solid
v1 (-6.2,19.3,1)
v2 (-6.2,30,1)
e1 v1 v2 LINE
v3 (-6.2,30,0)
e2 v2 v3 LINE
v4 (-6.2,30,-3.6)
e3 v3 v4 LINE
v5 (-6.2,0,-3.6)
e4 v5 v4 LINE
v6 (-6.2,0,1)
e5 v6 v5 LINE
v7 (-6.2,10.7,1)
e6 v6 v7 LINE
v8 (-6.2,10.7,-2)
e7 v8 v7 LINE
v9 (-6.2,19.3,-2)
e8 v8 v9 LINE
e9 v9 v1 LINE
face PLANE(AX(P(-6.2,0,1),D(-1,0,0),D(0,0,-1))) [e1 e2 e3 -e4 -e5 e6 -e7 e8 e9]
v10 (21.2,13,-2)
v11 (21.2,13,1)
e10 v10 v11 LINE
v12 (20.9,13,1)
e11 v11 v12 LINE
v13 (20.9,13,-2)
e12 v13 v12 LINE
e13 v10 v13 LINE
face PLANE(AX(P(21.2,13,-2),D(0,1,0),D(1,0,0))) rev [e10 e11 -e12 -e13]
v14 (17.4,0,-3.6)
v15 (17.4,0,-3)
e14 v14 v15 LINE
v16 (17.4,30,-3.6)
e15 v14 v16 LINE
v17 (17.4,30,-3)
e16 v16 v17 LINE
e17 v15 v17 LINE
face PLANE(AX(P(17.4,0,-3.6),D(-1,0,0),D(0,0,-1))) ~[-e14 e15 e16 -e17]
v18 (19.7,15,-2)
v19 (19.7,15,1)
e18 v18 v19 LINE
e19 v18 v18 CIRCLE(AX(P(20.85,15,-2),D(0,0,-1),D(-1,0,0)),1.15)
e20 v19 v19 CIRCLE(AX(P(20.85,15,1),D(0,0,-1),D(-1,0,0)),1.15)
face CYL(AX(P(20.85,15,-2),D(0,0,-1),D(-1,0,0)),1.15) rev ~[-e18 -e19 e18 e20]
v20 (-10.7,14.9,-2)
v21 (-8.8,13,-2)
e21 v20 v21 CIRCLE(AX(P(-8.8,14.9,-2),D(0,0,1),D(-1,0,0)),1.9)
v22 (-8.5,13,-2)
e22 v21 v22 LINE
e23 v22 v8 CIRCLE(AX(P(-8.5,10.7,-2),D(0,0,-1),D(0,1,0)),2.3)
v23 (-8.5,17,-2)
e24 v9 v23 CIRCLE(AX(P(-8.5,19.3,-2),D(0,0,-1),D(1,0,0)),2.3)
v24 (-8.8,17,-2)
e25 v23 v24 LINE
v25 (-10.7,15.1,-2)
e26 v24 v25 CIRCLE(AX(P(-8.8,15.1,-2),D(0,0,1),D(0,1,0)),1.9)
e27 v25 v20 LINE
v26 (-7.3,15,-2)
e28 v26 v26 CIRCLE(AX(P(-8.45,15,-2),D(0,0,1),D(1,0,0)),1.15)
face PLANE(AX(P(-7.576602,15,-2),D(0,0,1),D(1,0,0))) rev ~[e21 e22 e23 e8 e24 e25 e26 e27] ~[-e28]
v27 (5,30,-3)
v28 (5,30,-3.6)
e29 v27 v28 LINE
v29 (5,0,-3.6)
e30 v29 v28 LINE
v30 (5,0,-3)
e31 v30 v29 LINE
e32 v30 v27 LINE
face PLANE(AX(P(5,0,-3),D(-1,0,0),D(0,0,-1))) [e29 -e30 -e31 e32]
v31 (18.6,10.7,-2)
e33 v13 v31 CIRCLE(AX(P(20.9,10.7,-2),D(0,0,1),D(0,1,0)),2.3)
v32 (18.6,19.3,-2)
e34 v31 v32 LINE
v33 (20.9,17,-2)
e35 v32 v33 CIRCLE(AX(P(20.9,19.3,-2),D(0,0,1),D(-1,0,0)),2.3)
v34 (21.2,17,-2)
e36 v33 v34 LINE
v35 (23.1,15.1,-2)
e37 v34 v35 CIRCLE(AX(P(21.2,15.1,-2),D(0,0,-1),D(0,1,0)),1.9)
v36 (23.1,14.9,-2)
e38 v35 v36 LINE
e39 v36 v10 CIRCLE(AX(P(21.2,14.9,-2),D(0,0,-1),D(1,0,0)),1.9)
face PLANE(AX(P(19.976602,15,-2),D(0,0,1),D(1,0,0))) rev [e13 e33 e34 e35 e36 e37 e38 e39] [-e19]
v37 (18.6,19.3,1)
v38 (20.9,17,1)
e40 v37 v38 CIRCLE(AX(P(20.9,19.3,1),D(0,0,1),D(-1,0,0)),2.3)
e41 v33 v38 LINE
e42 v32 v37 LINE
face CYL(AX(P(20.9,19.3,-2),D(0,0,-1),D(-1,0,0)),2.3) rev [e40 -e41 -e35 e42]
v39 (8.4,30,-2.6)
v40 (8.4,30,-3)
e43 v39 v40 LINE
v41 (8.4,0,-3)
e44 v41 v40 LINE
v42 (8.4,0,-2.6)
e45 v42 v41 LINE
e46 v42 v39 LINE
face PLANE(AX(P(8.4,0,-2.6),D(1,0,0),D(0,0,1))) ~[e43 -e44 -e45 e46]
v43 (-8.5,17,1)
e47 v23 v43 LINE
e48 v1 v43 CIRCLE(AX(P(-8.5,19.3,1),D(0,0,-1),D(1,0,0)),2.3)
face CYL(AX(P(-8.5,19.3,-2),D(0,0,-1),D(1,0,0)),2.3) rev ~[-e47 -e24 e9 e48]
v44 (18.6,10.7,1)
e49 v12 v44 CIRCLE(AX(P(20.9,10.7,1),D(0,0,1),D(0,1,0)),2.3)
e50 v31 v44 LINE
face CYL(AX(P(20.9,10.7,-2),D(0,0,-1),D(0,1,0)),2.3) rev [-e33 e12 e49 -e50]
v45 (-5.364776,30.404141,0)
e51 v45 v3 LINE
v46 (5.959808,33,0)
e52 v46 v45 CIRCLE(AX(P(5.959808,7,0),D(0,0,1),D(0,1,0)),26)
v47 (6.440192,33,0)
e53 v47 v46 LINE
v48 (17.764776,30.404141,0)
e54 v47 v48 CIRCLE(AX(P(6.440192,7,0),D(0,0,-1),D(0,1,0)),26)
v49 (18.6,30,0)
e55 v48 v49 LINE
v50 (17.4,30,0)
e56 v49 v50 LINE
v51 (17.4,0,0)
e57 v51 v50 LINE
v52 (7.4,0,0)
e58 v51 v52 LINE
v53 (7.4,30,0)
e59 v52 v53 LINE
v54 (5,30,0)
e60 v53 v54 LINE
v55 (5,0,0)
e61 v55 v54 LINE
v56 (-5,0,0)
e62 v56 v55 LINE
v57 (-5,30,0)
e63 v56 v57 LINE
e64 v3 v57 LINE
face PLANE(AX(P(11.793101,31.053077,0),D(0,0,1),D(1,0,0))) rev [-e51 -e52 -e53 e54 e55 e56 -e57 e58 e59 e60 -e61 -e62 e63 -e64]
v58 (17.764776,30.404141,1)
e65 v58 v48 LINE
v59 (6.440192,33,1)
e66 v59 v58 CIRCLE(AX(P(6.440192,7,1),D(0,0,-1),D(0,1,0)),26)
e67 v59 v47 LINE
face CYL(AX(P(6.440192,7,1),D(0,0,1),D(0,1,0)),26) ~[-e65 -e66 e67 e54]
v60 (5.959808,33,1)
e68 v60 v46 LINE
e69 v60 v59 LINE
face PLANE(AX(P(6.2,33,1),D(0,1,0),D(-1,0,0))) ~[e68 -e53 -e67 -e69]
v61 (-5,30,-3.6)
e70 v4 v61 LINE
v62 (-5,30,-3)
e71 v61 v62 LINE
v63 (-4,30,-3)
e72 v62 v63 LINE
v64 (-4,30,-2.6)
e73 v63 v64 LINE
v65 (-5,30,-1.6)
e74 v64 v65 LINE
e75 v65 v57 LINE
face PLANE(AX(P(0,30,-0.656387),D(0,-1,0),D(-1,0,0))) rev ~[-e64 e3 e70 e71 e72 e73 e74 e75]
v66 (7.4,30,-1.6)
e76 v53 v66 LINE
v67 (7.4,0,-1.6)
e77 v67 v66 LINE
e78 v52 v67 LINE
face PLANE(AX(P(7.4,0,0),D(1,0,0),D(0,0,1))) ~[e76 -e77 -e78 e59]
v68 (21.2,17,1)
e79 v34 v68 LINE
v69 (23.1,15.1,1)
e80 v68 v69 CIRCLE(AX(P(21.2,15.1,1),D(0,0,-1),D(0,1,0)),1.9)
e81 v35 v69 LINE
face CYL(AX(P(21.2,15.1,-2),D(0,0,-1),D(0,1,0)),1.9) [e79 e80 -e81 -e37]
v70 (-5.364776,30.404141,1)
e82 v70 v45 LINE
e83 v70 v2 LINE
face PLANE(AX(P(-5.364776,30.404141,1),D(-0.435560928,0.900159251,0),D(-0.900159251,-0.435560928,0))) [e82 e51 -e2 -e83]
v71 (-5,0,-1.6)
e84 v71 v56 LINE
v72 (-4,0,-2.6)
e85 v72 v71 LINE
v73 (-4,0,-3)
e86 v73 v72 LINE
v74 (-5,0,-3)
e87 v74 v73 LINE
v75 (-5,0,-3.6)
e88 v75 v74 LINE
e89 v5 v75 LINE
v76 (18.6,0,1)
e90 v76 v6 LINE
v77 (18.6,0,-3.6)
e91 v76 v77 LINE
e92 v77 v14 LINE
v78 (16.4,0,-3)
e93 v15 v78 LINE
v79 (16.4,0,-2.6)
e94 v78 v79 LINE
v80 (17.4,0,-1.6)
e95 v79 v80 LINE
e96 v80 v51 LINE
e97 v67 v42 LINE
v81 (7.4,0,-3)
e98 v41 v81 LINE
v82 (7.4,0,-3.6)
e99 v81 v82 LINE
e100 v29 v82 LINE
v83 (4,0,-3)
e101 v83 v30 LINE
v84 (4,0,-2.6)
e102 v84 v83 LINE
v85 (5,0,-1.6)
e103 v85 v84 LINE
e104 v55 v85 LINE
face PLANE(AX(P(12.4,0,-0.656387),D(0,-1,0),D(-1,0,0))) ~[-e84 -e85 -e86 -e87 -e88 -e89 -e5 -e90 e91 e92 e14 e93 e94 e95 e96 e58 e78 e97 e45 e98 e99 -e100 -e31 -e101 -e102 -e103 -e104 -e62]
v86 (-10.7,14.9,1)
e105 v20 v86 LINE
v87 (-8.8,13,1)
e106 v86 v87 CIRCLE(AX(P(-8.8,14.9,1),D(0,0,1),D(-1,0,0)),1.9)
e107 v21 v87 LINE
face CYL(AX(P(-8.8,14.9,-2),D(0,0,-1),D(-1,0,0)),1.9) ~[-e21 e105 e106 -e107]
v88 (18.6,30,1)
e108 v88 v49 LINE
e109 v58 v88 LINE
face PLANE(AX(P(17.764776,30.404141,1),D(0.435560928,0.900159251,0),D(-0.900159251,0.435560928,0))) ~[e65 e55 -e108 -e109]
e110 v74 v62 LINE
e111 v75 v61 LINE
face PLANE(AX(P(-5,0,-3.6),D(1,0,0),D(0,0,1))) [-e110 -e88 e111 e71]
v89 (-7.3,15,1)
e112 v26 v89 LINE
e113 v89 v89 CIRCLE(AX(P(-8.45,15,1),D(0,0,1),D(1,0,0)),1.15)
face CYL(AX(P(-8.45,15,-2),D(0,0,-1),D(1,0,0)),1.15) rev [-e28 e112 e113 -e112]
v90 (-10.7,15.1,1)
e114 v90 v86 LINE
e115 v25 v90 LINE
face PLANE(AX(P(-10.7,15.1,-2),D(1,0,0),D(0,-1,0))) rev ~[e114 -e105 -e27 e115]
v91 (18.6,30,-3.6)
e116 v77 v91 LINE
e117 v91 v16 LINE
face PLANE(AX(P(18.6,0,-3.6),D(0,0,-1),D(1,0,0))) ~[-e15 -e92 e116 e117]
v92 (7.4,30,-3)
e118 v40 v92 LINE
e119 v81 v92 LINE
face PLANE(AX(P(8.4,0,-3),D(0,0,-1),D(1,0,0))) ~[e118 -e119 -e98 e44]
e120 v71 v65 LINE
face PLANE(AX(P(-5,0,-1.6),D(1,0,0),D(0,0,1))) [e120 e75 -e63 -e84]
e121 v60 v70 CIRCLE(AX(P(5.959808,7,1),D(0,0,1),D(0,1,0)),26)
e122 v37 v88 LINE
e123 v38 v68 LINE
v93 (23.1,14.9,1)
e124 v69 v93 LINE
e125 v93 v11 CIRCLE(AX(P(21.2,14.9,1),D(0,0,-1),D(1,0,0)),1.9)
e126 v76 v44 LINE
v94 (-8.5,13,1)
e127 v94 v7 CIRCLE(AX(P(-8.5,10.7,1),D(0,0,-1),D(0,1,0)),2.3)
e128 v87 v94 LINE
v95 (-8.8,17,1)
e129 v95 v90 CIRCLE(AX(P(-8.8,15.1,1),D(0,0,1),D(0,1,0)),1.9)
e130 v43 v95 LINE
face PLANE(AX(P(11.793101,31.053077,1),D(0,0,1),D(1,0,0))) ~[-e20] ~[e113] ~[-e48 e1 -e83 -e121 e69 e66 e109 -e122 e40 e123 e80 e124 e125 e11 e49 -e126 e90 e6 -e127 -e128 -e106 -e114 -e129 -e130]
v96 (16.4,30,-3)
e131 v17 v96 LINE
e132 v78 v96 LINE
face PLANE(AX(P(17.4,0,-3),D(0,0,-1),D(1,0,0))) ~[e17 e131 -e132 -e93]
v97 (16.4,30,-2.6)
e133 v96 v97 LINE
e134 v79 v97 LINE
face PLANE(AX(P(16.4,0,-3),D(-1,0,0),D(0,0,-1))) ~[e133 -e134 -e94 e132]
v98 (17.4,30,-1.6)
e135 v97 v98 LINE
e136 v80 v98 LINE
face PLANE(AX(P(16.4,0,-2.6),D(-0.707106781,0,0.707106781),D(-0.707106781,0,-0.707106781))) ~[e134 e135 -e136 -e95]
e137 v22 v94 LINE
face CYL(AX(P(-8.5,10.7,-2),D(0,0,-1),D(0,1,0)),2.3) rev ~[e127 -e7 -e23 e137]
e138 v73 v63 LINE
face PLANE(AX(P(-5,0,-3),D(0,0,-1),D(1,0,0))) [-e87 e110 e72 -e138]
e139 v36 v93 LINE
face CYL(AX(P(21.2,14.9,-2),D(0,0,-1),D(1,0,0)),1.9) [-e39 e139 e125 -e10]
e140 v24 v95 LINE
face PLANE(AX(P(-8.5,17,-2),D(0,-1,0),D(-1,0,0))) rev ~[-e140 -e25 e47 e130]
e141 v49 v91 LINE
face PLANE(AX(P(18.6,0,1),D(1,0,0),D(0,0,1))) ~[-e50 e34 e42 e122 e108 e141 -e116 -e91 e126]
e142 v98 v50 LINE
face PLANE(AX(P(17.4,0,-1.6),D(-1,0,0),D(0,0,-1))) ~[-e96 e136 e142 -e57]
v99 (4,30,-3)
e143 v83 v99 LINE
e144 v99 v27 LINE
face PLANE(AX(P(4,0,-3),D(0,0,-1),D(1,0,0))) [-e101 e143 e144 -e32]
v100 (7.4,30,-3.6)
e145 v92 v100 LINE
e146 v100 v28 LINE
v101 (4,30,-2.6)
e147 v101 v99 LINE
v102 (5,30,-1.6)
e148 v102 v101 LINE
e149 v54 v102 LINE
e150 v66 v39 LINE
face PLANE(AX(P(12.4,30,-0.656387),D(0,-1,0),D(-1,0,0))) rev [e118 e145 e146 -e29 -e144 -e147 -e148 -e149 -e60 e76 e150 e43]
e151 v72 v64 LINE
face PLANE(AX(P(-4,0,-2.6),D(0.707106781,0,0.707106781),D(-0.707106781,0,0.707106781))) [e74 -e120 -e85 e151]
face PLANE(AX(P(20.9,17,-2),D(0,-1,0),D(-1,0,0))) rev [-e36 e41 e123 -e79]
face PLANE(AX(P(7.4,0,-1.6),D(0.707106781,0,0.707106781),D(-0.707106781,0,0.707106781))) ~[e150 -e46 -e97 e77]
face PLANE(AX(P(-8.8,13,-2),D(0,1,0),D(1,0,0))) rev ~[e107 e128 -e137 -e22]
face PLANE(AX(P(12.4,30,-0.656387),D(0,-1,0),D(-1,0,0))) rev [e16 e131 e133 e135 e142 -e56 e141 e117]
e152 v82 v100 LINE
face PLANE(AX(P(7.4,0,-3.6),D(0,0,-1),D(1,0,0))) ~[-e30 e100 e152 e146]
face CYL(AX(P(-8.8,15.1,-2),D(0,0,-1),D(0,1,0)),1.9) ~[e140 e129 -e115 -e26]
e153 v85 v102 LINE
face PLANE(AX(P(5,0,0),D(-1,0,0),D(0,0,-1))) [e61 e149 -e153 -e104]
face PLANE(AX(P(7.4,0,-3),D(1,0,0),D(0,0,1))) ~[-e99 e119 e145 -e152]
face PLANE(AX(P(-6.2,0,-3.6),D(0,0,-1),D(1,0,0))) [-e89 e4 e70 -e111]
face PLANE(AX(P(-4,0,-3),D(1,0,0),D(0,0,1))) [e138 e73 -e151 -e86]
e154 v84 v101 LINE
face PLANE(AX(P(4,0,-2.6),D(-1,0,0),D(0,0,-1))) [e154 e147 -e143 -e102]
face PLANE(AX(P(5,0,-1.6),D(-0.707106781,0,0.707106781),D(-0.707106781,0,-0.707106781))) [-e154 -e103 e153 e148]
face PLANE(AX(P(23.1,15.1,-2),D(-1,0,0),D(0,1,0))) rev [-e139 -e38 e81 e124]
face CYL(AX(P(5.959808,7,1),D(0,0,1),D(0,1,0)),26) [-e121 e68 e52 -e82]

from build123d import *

# Parameters (mm, degrees)
P_IDAT_VYSUNUT_M1_DEPTH = 30
P_IDAT_START            = -2
SKICA2_R                = 1.15
P_IDAT_VYSUNUT_M2_DEPTH = 3
P_IDAT_VYSUNUT_M3_DEPTH = 1


with BuildPart() as part:
    # Skica1 → Přidat vysunutím1 (new body)
    with BuildSketch(Plane(origin=(0, 0, 0), x_dir=(1, 0, 0), z_dir=(0, 1, 0))):
        Polygon((-5, 0), (5, 0), (5, 1.6), (4, 2.6), (4, 3), (5, 3), (5, 3.6), (6.2, 3.6), (6.2, -1), (-6.2, -1), (-6.2, 3.6), (-5, 3.6), (-5, 3), (-4, 3), (-4, 2.6), (-5, 1.6), align=None)
    p_idat_vysunut_m1 = extrude(amount=P_IDAT_VYSUNUT_M1_DEPTH)

    # Skica2 → Přidat vysunutím2 (add)
    with BuildSketch(Plane.XY.offset(P_IDAT_START)):
        with BuildLine():
            Line((-8.8, 13), (-8.5, 13))
            ThreePointArc((-8.5, 13), (-6.873654403, 12.326345597), (-6.2, 10.7))
            Line((-6.2, 10.7), (-6.2, 13))
            Line((-6.2, 13), (-6.2, 17))
            Line((-6.2, 17), (-6.2, 19.3))
            ThreePointArc((-6.2, 19.3), (-6.873654403, 17.673654403), (-8.5, 17))
            Line((-8.5, 17), (-8.8, 17))
            ThreePointArc((-8.8, 17), (-10.143502884, 16.443502884), (-10.7, 15.1))
            Line((-10.7, 15.1), (-10.7, 14.9))
            ThreePointArc((-10.7, 14.9), (-10.143502884, 13.556497116), (-8.8, 13))
        make_face()
        with Locations((-8.45, 15)):
            Circle(SKICA2_R, mode=Mode.SUBTRACT)
    p_idat_vysunut_m2 = extrude(amount=P_IDAT_VYSUNUT_M2_DEPTH)

    # Skica3 → Přidat vysunutím3 (add)
    with BuildSketch(Plane.XY.offset(1)):
        with BuildLine():
            Line((-6.2, 30), (6.2, 30))
            Line((6.2, 30), (6.2, 33))
            Line((6.2, 33), (5.959807907, 33))
            ThreePointArc((5.959807907, 33), (0.150662271, 32.3427273), (-5.364776224, 30.404140537))
            Line((-5.364776224, 30.404140537), (-6.2, 30))
        make_face()
    p_idat_vysunut_m3 = extrude(amount=-P_IDAT_VYSUNUT_M3_DEPTH)

    # Zrcadlit2: Přidat vysunutím1, Přidat vysunutím2, Přidat vysunutím3 across plane
    add(p_idat_vysunut_m1.mirror(Plane(origin=(6.2, 30, -3.6), x_dir=(0, 0, 1), z_dir=(-1, 0, 0))))
    add(p_idat_vysunut_m2.mirror(Plane(origin=(6.2, 30, -3.6), x_dir=(0, 0, 1), z_dir=(-1, 0, 0))))
    add(p_idat_vysunut_m3.mirror(Plane(origin=(6.2, 30, -3.6), x_dir=(0, 0, 1), z_dir=(-1, 0, 0))))


solid = part.part
